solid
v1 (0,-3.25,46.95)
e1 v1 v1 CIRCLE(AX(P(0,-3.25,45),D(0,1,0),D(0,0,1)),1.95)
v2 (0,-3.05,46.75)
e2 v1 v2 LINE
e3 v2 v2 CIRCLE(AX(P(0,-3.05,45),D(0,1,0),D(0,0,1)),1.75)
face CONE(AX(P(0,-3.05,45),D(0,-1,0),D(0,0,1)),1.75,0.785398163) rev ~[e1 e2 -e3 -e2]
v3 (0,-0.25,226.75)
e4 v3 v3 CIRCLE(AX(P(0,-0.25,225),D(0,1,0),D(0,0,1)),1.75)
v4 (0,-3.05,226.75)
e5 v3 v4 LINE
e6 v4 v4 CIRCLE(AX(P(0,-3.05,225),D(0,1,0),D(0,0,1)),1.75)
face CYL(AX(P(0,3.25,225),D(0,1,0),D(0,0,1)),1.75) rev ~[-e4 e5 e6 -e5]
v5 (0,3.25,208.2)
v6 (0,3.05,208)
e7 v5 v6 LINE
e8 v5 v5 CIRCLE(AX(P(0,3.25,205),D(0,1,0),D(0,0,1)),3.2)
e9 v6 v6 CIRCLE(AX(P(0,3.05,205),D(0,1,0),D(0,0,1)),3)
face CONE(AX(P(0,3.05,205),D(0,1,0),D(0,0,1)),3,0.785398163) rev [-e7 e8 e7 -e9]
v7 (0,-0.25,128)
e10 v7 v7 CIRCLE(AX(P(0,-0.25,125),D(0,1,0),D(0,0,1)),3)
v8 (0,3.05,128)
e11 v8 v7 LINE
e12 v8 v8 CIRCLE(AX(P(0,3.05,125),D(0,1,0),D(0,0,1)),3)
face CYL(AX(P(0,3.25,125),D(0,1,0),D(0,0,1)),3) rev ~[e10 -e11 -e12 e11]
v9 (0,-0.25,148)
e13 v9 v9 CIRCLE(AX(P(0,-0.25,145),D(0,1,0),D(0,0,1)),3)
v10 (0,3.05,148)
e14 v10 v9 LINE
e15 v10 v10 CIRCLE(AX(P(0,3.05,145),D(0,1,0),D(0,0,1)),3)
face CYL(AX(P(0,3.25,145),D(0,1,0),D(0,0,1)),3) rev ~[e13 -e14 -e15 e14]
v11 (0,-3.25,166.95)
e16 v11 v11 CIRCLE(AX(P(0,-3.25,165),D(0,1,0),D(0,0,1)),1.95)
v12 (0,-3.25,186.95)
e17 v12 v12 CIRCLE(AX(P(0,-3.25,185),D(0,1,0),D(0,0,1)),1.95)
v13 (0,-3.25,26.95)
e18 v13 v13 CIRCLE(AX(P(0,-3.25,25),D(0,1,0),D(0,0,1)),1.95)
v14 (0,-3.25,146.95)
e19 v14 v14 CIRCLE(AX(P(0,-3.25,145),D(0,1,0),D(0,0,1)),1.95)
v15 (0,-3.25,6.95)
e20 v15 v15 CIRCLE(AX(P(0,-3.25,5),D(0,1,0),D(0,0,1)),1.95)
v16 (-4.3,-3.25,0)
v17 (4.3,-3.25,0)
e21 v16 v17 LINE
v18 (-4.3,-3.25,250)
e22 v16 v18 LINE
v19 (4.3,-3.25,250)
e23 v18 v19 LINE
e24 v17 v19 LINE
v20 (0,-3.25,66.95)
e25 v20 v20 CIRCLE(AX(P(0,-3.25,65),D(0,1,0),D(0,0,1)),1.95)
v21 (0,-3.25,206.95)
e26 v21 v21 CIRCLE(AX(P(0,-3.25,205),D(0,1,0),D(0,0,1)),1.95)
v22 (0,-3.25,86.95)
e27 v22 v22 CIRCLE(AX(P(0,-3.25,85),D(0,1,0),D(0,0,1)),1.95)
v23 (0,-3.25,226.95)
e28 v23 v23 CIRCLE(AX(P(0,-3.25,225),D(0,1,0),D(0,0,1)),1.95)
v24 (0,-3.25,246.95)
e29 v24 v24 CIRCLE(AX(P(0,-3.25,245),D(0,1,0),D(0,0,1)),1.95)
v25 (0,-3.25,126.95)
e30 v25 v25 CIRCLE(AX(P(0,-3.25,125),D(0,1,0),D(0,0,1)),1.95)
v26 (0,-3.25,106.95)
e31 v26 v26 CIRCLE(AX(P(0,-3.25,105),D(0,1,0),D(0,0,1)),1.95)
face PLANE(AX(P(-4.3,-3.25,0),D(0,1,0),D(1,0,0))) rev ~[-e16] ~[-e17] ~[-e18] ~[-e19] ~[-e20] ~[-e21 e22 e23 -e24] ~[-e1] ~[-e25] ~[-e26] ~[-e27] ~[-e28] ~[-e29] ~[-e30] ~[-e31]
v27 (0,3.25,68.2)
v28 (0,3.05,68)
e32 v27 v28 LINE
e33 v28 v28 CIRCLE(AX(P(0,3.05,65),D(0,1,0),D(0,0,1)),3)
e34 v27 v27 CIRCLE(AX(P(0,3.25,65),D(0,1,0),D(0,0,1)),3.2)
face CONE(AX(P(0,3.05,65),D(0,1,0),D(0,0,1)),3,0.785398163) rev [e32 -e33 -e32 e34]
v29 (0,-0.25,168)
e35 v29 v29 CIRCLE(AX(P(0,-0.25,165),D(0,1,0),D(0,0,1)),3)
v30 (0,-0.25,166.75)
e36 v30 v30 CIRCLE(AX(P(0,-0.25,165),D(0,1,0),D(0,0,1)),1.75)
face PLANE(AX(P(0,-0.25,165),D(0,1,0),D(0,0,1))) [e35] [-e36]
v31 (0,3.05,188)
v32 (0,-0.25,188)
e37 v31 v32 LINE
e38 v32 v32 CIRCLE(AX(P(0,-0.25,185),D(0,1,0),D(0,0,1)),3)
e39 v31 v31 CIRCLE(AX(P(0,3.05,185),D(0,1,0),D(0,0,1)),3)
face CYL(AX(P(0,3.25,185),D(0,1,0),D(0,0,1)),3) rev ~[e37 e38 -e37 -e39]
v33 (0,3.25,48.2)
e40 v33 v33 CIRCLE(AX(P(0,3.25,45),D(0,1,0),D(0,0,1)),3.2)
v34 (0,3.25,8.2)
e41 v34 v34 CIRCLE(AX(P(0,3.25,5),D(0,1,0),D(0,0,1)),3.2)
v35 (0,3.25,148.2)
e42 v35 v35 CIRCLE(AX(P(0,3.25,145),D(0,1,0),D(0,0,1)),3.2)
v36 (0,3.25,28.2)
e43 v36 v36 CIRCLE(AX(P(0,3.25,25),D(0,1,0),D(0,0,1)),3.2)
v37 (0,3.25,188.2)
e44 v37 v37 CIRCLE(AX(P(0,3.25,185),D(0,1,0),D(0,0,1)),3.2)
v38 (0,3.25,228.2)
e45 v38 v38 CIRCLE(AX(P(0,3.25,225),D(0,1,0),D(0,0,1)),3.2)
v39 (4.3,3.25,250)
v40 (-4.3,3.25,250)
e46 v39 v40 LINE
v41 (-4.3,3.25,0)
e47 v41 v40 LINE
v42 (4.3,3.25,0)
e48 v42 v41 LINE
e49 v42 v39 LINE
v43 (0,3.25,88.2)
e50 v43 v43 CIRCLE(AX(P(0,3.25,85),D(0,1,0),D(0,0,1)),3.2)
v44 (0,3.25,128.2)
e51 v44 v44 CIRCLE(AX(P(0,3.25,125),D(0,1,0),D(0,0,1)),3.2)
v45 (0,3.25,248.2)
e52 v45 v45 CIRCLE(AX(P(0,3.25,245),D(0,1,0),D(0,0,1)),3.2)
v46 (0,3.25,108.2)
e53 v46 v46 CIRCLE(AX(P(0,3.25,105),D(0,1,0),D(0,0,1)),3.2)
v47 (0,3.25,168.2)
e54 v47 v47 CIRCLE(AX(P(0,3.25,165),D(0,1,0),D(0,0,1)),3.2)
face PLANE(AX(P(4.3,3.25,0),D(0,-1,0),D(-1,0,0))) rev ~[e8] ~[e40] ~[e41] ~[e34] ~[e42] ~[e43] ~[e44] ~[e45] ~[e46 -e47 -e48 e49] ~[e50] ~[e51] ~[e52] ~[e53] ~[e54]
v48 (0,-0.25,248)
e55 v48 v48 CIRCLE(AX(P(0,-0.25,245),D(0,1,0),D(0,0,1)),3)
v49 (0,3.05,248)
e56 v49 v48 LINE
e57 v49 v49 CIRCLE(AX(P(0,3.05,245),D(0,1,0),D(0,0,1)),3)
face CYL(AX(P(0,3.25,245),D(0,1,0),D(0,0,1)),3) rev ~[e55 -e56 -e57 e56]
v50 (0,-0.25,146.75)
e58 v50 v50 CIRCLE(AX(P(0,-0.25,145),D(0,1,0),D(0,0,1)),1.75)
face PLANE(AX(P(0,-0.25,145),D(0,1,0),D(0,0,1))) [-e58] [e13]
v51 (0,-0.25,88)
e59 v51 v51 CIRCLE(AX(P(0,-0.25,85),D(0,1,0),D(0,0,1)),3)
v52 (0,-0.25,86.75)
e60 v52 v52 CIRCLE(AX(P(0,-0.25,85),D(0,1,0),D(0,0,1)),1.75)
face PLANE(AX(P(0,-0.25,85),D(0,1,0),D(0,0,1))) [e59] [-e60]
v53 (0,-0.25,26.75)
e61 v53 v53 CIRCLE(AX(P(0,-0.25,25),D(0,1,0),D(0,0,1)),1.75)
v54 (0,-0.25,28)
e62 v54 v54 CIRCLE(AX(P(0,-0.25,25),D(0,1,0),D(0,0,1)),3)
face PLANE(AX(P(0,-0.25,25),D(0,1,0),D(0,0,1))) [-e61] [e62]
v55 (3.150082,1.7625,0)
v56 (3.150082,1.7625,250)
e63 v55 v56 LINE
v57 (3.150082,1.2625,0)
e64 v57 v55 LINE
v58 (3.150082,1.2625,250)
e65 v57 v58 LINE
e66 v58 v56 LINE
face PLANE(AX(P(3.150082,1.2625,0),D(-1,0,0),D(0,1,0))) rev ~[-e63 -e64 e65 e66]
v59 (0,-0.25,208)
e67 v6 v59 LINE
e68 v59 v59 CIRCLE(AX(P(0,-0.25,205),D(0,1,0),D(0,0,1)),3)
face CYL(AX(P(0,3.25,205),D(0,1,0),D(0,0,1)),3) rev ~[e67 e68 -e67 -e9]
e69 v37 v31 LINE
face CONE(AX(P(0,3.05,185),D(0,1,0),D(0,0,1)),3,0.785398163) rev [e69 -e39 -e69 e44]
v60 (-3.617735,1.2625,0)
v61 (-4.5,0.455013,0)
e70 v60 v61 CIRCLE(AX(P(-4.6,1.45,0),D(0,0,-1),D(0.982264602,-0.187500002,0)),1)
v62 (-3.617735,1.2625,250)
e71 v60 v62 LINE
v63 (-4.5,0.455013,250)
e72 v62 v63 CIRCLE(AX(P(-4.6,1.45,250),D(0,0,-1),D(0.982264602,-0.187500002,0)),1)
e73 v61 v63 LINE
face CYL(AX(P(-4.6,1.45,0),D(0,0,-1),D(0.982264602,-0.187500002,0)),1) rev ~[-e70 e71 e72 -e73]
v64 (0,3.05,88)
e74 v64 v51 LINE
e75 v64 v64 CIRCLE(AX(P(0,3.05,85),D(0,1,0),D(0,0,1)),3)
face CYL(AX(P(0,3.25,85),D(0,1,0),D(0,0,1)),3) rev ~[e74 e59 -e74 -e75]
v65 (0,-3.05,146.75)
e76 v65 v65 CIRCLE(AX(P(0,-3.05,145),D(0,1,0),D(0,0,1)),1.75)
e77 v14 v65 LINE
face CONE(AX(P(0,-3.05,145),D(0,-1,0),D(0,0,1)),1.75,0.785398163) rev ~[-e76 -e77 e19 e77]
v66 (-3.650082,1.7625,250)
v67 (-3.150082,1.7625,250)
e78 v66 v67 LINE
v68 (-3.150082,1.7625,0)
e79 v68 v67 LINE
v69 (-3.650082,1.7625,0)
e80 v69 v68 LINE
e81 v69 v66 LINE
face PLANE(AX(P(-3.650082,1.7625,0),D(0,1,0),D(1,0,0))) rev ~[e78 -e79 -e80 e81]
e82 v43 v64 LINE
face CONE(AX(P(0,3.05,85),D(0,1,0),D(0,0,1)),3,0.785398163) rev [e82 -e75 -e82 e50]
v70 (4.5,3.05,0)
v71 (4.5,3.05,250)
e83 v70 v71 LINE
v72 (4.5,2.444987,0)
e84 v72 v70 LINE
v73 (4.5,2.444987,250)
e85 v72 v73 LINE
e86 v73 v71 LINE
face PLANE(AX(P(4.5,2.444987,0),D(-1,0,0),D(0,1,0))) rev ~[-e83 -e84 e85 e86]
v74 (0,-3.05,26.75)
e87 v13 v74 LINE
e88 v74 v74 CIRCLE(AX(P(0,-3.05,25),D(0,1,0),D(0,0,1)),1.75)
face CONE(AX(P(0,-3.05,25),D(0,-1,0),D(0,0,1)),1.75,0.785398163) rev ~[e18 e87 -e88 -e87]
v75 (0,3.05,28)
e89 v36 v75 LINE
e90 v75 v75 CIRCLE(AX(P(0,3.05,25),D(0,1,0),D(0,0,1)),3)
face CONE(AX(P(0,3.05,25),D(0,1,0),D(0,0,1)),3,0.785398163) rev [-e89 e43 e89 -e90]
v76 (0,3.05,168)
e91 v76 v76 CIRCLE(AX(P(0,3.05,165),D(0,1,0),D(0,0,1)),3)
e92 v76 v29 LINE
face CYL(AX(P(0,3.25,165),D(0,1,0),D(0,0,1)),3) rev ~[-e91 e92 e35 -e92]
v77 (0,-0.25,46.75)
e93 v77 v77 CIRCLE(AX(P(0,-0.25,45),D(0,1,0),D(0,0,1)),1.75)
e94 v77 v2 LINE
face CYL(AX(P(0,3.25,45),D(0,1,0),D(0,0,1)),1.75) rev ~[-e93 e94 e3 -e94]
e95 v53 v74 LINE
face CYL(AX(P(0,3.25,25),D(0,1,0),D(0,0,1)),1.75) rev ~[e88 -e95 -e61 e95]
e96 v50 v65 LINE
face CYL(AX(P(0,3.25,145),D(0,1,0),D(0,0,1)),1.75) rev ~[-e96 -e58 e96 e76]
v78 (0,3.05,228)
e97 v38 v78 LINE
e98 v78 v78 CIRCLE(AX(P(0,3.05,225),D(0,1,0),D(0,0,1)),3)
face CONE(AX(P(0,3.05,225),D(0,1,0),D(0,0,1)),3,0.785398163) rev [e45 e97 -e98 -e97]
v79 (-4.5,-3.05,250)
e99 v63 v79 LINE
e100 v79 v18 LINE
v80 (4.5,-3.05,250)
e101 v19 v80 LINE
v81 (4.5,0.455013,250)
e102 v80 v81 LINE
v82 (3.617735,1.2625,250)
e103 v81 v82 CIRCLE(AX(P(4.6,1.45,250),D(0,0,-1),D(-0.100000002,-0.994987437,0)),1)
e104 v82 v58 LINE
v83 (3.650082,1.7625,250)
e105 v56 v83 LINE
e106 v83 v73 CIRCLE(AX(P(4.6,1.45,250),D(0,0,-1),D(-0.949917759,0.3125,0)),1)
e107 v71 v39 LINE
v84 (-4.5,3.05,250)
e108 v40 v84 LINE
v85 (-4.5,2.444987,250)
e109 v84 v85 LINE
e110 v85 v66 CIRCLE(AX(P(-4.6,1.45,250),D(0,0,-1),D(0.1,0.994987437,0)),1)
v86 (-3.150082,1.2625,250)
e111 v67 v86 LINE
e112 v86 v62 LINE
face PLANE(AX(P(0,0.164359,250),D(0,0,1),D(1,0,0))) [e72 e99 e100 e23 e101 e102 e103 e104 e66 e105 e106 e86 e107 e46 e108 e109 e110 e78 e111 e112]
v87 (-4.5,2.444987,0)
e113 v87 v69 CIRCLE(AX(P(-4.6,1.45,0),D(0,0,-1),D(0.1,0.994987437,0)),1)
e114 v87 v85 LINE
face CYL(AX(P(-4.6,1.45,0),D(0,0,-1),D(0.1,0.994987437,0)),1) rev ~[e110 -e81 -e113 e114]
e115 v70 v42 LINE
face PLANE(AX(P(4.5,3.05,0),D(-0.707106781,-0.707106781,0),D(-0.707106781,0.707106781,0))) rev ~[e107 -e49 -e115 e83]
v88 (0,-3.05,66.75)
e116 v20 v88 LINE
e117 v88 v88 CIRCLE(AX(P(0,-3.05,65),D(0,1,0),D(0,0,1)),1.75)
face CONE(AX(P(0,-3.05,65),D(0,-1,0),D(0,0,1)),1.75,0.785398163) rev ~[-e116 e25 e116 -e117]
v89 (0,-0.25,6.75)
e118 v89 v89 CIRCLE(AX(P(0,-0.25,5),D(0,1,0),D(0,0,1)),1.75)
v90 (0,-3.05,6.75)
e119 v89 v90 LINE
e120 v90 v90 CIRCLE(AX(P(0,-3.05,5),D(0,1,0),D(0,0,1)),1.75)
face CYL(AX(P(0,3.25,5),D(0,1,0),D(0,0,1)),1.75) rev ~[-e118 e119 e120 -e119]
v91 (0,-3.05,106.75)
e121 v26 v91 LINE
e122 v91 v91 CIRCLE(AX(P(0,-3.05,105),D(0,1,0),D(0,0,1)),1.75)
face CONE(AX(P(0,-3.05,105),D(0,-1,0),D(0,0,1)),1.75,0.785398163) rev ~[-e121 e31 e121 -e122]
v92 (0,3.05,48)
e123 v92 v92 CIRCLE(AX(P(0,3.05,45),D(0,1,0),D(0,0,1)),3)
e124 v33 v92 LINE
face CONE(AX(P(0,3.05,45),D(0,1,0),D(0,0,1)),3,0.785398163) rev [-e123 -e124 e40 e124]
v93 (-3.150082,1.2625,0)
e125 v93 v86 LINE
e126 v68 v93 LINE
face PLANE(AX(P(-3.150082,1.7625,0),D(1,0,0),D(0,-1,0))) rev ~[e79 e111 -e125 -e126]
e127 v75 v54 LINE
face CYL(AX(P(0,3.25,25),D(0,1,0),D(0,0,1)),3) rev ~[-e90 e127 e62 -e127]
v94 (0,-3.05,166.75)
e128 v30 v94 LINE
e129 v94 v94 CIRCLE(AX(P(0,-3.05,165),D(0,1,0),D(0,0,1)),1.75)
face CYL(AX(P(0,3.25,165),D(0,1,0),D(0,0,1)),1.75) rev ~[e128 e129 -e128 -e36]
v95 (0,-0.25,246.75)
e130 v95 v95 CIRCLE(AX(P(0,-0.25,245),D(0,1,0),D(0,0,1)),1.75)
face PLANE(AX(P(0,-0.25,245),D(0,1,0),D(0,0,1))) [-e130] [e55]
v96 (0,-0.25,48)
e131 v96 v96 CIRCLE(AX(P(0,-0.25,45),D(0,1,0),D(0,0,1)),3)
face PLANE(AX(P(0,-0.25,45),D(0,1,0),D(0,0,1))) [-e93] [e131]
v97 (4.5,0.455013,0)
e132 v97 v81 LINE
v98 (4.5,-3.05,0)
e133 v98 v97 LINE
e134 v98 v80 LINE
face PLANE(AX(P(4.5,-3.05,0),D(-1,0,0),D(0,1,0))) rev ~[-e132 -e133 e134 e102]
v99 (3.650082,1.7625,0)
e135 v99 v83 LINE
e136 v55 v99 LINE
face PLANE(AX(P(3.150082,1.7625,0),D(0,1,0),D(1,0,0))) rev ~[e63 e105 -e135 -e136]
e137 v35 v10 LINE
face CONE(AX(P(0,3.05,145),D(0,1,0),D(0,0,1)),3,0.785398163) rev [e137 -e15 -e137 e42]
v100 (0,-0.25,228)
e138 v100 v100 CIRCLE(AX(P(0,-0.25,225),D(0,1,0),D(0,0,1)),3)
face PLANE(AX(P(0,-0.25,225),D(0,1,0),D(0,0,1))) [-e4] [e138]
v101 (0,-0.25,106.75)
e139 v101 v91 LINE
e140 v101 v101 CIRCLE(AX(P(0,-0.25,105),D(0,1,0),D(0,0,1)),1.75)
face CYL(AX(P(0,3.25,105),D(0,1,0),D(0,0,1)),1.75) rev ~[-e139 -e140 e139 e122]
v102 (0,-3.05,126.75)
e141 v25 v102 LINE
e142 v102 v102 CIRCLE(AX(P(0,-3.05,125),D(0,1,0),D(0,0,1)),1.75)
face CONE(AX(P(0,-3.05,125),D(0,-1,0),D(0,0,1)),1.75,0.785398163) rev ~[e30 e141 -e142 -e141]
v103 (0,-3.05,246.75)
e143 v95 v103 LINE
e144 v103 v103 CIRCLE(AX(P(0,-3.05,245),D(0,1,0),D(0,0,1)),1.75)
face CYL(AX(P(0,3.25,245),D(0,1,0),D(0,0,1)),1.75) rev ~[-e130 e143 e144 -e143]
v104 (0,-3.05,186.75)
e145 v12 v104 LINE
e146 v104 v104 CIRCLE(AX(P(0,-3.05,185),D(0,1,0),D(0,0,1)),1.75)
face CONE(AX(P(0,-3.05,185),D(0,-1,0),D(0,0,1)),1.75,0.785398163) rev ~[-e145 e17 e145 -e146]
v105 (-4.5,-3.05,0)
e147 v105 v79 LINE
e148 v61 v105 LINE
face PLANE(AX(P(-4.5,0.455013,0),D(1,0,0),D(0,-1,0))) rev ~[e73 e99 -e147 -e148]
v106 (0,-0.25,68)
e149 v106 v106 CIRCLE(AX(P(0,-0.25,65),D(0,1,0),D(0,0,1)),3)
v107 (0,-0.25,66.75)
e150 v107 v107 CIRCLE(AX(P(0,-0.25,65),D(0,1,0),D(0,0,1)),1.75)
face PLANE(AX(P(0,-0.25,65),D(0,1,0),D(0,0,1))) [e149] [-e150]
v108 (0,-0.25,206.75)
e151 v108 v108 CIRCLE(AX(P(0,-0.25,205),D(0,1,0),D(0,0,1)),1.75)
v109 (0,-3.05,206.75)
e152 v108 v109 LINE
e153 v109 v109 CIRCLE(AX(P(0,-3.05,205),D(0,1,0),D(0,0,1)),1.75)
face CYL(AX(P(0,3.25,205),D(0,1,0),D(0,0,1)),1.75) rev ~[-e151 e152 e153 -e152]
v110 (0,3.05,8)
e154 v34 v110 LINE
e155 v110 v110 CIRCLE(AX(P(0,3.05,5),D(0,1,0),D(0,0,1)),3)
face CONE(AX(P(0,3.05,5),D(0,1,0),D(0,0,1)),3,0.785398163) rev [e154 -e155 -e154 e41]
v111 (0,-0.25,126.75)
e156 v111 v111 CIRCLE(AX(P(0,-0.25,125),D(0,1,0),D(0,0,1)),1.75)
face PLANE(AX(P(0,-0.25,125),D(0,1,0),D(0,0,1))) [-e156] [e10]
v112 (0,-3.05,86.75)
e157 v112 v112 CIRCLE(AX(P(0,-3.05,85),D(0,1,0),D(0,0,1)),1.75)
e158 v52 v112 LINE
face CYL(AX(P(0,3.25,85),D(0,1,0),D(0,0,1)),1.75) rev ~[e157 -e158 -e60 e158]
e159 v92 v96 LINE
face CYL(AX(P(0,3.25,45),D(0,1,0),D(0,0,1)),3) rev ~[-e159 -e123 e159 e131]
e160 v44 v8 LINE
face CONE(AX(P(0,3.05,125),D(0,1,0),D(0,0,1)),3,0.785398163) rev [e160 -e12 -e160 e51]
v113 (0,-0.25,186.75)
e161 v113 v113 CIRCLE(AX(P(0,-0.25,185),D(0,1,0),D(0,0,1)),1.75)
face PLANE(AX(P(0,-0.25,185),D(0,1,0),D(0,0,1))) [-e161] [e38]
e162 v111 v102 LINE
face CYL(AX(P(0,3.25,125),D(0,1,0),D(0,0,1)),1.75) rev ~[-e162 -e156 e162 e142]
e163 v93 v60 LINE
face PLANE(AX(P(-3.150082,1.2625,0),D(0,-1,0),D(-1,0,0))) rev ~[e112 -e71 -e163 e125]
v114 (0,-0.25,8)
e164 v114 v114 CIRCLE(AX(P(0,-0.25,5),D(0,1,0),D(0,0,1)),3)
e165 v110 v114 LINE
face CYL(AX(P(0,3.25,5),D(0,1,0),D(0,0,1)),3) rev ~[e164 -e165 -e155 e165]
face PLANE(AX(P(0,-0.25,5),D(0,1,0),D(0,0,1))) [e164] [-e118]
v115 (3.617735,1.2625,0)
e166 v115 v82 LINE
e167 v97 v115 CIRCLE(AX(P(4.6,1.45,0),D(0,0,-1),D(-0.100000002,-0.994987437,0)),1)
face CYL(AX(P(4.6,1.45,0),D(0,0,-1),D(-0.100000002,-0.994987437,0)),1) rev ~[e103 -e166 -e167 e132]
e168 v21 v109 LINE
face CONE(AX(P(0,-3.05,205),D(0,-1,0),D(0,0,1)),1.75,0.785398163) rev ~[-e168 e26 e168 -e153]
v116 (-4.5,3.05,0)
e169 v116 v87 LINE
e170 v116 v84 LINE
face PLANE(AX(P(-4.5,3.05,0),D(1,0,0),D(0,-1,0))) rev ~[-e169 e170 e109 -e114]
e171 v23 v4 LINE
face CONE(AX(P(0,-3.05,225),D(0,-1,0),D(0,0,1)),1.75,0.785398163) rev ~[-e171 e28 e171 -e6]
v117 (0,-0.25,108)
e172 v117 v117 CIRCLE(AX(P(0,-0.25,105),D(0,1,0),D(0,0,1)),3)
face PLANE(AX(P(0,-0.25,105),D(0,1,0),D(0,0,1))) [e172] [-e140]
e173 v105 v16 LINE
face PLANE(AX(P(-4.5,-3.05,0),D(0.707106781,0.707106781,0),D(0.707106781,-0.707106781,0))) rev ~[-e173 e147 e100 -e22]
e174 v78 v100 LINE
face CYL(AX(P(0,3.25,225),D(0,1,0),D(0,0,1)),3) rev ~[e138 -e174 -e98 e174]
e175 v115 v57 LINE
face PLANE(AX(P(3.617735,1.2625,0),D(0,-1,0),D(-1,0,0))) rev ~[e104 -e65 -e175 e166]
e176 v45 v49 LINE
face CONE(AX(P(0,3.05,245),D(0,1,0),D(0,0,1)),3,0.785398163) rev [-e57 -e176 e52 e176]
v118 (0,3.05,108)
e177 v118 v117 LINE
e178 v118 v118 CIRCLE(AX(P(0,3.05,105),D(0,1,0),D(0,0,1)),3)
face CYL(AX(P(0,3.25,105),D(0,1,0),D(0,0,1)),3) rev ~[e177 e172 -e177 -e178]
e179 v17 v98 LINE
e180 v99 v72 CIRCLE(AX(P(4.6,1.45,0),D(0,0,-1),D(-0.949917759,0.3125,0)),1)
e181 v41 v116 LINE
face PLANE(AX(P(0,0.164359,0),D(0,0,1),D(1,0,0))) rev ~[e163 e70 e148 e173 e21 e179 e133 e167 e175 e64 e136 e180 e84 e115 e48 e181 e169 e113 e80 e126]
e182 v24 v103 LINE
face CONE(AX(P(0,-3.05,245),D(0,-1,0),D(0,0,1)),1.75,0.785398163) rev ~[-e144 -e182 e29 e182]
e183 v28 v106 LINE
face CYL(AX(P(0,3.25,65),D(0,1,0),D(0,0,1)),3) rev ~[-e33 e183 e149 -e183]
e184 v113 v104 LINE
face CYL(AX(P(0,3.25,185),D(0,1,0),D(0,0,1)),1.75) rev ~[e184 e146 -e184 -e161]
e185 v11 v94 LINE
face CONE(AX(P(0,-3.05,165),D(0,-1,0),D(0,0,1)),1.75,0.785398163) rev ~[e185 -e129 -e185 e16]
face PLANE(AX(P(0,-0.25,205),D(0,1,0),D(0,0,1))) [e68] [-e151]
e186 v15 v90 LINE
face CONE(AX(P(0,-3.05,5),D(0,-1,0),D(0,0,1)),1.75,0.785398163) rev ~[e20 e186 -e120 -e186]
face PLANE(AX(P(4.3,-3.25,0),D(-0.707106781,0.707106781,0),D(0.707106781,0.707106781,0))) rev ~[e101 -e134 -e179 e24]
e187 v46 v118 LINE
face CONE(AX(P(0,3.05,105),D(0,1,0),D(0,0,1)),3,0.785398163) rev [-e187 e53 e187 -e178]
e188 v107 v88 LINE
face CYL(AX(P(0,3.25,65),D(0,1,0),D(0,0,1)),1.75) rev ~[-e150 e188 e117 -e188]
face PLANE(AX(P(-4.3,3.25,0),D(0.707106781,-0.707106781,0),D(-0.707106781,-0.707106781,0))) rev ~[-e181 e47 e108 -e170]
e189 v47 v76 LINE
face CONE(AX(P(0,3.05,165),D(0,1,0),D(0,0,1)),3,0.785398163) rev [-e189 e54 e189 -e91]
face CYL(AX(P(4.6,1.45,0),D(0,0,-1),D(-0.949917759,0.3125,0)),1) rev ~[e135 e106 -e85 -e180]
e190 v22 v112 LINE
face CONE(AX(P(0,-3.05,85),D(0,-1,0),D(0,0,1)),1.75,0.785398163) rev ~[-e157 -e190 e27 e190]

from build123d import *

# Parameters (mm, degrees)
EXTRUDE1_DEPTH             = 250
EXTRUDE2_REACH             = 252.125
SKETCH2_R                  = 1.75
SKETCH_R                   = 3
SKETCH_R_2                 = 1.75
EXTRUDE4_DEPTH             = 3.5
CHAMFER1_SIZE              = 0.2
LPATTERN1_COUNT            = 13
LPATTERN1_PITCH            = 20
CHAMFER1_OF_LPATTERN1_SIZE = 0.2


with BuildPart() as part:
    # Sketch1 → Extrude1 (new body)
    with BuildSketch(Plane.XY):
        with BuildLine():
            Line((-4.3, -3.25), (4.3, -3.25))
            Line((4.3, -3.25), (4.5, -3.05))
            Line((4.5, -3.05), (4.5, 0.455012563))
            ThreePointArc((4.5, 0.455012563), (3.924845827, 0.712323349), (3.617735397, 1.2625))
            Line((3.617735397, 1.2625), (3.15008224, 1.2625))
            Line((3.15008224, 1.2625), (3.15008224, 1.7625))
            Line((3.15008224, 1.7625), (3.65008224, 1.7625))
            ThreePointArc((3.65008224, 1.7625), (3.973877727, 2.229724887), (4.5, 2.444987437))
            Line((4.5, 2.444987437), (4.5, 3.05))
            Line((4.5, 3.05), (4.3, 3.25))
            Line((4.3, 3.25), (-4.3, 3.25))
            Line((-4.3, 3.25), (-4.5, 3.05))
            Line((-4.5, 3.05), (-4.5, 2.444987437))
            ThreePointArc((-4.5, 2.444987437), (-3.973877727, 2.229724887), (-3.65008224, 1.7625))
            Line((-3.65008224, 1.7625), (-3.15008224, 1.7625))
            Line((-3.15008224, 1.7625), (-3.15008224, 1.2625))
            Line((-3.15008224, 1.2625), (-3.617735397, 1.2625))
            ThreePointArc((-3.617735397, 1.2625), (-3.924845827, 0.712323349), (-4.5, 0.455012563))
            Line((-4.5, 0.455012563), (-4.5, -3.05))
            Line((-4.5, -3.05), (-4.3, -3.25))
        make_face()
    extrude(amount=EXTRUDE1_DEPTH)

    # Sketch2 → Extrude2 (cut, up to next)
    with BuildSketch(Plane(origin=(0, 3.25, 0), x_dir=(1, 0, 0), z_dir=(0, 1, 0)), mode=Mode.PRIVATE) as extrude2_sk1:
        with Locations((0, -5)):
            Circle(SKETCH2_R)
    extrude2_tool1 = extrude(extrude2_sk1.sketch, amount=-EXTRUDE2_REACH, mode=Mode.PRIVATE) & part.part
    extrude2 = extrude2_tool1.solids().sort_by_distance((0, 3.25, 5))[0]
    add(extrude2, mode=Mode.SUBTRACT)

    # Sketch → Extrude4 (cut)
    with BuildSketch(Plane(origin=(0, 3.25, 0), x_dir=(1, 0, 0), z_dir=(0, 1, 0))):
        with Locations((0, -5)):
            Circle(SKETCH_R)
        with Locations((0, -5)):
            Circle(SKETCH_R_2, mode=Mode.SUBTRACT)
    extrude4 = extrude(amount=-EXTRUDE4_DEPTH, mode=Mode.SUBTRACT)

    # Chamfer1
    chamfer1_edges = [part.edges().sort_by_distance(p)[0] for p in [
        (-1.75, -3.25, 5),
        (-3, 3.25, 5),
    ]]
    chamfer(chamfer1_edges, length=CHAMFER1_SIZE)

    # LPattern1: Extrude2, Extrude4 ×13
    with Locations(*[(0, 0, i * LPATTERN1_PITCH) for i in range(1, LPATTERN1_COUNT)]):
        add(extrude2, mode=Mode.SUBTRACT)
        add(extrude4, mode=Mode.SUBTRACT)

    # Chamfer1 of LPattern1
    chamfer1_of_lpattern1_edges = [part.edges().sort_by_distance(p)[0] for p in [
        (-1.75, -3.25, 25),
        (-3, 3.25, 25),
        (-1.75, -3.25, 45),
        (-3, 3.25, 45),
        (-1.75, -3.25, 65),
        (-3, 3.25, 65),
        (-1.75, -3.25, 85),
        (-3, 3.25, 85),
        (-1.75, -3.25, 105),
        (-3, 3.25, 105),
        (-1.75, -3.25, 125),
        (-3, 3.25, 125),
        (-1.75, -3.25, 145),
        (-3, 3.25, 145),
        (-1.75, -3.25, 165),
        (-3, 3.25, 165),
        (-1.75, -3.25, 185),
        (-3, 3.25, 185),
        (-1.75, -3.25, 205),
        (-3, 3.25, 205),
        (-1.75, -3.25, 225),
        (-3, 3.25, 225),
        (-1.75, -3.25, 245),
        (-3, 3.25, 245),
    ]]
    chamfer(chamfer1_of_lpattern1_edges, length=CHAMFER1_OF_LPATTERN1_SIZE)


solid = part.part
